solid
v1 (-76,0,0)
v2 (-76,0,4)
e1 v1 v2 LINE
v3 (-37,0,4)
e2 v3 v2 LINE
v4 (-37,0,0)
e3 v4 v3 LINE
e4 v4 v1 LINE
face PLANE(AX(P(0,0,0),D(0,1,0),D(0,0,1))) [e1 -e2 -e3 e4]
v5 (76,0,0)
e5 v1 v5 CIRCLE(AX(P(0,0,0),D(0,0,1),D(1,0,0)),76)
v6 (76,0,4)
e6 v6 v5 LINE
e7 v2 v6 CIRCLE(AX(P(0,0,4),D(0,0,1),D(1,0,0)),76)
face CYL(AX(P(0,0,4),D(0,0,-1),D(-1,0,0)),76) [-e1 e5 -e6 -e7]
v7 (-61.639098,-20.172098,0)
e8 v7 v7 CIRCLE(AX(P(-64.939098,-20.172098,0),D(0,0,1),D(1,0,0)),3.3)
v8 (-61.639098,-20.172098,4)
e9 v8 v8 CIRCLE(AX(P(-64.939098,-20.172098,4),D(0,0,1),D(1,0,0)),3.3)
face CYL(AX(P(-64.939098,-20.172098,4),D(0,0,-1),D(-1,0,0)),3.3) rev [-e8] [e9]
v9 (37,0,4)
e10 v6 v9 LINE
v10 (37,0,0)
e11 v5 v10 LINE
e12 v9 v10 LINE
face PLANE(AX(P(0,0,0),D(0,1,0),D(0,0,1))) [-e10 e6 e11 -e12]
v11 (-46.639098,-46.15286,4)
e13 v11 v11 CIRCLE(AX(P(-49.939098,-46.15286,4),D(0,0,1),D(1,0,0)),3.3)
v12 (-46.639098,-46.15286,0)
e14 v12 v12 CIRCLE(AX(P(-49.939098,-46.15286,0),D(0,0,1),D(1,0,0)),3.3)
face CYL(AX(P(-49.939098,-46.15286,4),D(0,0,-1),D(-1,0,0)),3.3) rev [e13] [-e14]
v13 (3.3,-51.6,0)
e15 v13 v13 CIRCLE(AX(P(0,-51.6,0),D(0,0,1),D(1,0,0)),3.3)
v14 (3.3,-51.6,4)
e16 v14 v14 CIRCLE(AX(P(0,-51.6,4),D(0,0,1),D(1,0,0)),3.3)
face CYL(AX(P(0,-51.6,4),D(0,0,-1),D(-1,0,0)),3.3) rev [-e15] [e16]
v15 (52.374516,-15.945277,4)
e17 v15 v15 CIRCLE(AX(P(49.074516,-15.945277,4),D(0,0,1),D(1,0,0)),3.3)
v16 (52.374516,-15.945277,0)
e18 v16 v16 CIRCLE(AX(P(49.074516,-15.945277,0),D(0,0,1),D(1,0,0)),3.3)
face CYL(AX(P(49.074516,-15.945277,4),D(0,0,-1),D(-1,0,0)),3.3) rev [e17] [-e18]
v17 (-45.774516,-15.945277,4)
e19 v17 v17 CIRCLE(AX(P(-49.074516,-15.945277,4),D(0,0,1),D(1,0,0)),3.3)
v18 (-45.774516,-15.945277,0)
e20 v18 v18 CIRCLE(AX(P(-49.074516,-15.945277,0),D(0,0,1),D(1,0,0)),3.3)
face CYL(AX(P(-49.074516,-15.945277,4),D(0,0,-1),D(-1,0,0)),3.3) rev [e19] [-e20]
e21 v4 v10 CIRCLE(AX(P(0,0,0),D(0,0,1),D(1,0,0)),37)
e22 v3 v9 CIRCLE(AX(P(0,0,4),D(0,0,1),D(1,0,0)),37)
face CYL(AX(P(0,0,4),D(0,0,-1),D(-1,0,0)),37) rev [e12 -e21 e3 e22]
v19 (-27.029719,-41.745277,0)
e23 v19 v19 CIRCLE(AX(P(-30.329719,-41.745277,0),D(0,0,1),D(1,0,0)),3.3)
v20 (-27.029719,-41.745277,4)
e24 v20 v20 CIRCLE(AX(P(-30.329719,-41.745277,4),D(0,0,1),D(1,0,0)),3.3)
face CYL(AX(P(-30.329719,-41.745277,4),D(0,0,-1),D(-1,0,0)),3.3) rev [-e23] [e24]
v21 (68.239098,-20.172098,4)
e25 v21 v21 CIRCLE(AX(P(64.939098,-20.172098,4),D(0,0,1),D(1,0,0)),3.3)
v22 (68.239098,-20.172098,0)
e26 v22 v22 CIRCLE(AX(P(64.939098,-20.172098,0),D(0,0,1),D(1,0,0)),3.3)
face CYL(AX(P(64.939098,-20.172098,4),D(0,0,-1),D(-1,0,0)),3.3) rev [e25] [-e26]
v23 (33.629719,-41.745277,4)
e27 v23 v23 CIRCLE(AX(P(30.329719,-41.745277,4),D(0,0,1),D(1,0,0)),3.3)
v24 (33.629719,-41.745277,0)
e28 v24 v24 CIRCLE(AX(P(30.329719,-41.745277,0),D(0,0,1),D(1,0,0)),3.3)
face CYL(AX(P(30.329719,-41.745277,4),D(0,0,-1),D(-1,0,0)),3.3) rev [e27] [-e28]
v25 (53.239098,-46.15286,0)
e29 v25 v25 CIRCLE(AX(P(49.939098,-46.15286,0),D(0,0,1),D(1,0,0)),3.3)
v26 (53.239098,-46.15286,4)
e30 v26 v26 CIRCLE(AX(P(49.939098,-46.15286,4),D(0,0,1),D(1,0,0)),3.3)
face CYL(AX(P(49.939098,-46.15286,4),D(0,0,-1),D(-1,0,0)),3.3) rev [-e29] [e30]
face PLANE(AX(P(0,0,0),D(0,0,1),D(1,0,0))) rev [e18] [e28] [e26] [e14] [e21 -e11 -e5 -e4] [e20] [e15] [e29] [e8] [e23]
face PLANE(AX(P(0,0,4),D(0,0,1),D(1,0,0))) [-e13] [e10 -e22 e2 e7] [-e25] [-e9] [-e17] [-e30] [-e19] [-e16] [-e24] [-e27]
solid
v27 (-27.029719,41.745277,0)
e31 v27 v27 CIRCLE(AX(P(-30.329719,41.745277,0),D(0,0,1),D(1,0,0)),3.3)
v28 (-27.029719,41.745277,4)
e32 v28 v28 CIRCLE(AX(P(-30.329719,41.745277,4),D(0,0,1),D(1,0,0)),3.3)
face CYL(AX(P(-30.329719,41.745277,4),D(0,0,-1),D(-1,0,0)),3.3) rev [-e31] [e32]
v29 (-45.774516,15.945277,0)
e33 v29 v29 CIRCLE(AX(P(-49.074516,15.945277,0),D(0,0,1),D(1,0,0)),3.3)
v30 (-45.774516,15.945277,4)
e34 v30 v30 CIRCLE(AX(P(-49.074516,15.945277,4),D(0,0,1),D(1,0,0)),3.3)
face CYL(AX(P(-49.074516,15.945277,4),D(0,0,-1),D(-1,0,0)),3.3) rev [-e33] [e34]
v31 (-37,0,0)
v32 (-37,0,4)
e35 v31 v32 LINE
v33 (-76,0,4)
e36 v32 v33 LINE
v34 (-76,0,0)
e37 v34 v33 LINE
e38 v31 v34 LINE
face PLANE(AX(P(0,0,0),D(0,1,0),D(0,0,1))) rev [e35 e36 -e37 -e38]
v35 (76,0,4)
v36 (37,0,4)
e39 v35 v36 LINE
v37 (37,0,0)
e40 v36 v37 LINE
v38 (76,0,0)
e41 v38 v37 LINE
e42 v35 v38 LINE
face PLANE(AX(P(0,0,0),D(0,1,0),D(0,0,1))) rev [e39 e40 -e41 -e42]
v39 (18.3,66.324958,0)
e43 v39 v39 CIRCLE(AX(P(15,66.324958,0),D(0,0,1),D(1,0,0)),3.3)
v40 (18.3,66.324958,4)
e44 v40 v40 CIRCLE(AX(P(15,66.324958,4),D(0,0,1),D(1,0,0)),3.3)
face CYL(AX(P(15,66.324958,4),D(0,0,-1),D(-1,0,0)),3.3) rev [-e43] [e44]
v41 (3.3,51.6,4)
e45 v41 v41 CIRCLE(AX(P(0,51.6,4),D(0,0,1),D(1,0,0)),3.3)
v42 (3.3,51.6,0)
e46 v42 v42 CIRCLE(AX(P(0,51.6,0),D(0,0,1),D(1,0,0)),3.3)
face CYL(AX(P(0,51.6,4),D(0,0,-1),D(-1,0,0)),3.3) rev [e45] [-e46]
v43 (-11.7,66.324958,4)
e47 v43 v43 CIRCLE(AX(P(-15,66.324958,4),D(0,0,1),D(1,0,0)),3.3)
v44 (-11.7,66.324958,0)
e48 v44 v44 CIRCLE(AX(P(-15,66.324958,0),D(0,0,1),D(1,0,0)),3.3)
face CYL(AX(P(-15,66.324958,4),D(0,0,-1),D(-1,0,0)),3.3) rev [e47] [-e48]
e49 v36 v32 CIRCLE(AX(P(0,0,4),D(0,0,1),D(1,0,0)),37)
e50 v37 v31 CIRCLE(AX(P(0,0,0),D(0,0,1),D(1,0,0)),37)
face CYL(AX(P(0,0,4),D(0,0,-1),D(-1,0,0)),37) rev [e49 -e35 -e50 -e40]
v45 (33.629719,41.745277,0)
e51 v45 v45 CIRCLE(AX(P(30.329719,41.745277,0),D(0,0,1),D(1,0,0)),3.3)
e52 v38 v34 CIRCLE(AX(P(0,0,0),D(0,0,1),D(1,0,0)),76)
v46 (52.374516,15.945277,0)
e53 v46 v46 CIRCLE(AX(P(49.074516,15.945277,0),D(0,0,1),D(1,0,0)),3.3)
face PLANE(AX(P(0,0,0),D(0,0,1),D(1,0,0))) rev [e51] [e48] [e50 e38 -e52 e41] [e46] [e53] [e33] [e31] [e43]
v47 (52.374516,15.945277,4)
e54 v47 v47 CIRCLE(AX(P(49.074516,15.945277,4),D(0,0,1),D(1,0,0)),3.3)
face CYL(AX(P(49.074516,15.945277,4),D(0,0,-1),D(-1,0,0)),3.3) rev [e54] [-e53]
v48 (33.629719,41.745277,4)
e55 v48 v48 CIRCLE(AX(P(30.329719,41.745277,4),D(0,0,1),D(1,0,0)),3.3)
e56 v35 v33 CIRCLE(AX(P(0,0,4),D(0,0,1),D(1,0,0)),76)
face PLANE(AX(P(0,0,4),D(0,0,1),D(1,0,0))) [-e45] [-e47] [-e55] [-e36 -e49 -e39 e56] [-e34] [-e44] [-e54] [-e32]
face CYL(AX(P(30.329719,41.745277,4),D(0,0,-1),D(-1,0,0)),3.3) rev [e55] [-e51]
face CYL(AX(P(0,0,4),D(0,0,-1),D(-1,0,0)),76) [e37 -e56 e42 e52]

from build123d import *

# Parameters (mm, degrees)
SKETCH1_R           = 76
SKETCH1_R_2         = 37
SKETCH1_R_3         = 3.3
BOSS_EXTRUDE1_DEPTH = 4


with BuildPart() as part:
    # Sketch1 → Boss-Extrude1 (new body)
    with BuildSketch(Plane.XY):
        Circle(SKETCH1_R)
        Circle(SKETCH1_R_2, mode=Mode.SUBTRACT)
        with Locations((0, 51.6)):
            Circle(SKETCH1_R_3, mode=Mode.SUBTRACT)
        with Locations((30.329719018, 41.74527691)):
            Circle(SKETCH1_R_3, mode=Mode.SUBTRACT)
        with Locations((49.074516241, 15.94527691)):
            Circle(SKETCH1_R_3, mode=Mode.SUBTRACT)
        with Locations((49.074516241, -15.94527691)):
            Circle(SKETCH1_R_3, mode=Mode.SUBTRACT)
        with Locations((30.329719018, -41.74527691)):
            Circle(SKETCH1_R_3, mode=Mode.SUBTRACT)
        with Locations((0, -51.6)):
            Circle(SKETCH1_R_3, mode=Mode.SUBTRACT)
        with Locations((-30.329719018, -41.74527691)):
            Circle(SKETCH1_R_3, mode=Mode.SUBTRACT)
        with Locations((-49.074516241, -15.94527691)):
            Circle(SKETCH1_R_3, mode=Mode.SUBTRACT)
        with Locations((-49.074516241, 15.94527691)):
            Circle(SKETCH1_R_3, mode=Mode.SUBTRACT)
        with Locations((-30.329719018, 41.74527691)):
            Circle(SKETCH1_R_3, mode=Mode.SUBTRACT)
        with Locations((-15, 66.324957595)):
            Circle(SKETCH1_R_3, mode=Mode.SUBTRACT)
        with Locations((15, 66.324957595)):
            Circle(SKETCH1_R_3, mode=Mode.SUBTRACT)
        with Locations((64.939098182, -20.172097741)):
            Circle(SKETCH1_R_3, mode=Mode.SUBTRACT)
        with Locations((49.939098182, -46.152859854)):
            Circle(SKETCH1_R_3, mode=Mode.SUBTRACT)
        with Locations((-49.939098182, -46.152859854)):
            Circle(SKETCH1_R_3, mode=Mode.SUBTRACT)
        with Locations((-64.939098182, -20.172097741)):
            Circle(SKETCH1_R_3, mode=Mode.SUBTRACT)
    extrude(amount=BOSS_EXTRUDE1_DEPTH)


with BuildPart() as body_2:
    # Split1: the piece on the far side of the plane
    add(part.part)
    split(bisect_by=Plane.ZX, keep=Keep.BOTTOM)


with BuildPart() as part_1:
    add(part.part)

    # Split1
    split(bisect_by=Plane.ZX, keep=Keep.TOP)


solid = Compound([body_2.part, part_1.part])
